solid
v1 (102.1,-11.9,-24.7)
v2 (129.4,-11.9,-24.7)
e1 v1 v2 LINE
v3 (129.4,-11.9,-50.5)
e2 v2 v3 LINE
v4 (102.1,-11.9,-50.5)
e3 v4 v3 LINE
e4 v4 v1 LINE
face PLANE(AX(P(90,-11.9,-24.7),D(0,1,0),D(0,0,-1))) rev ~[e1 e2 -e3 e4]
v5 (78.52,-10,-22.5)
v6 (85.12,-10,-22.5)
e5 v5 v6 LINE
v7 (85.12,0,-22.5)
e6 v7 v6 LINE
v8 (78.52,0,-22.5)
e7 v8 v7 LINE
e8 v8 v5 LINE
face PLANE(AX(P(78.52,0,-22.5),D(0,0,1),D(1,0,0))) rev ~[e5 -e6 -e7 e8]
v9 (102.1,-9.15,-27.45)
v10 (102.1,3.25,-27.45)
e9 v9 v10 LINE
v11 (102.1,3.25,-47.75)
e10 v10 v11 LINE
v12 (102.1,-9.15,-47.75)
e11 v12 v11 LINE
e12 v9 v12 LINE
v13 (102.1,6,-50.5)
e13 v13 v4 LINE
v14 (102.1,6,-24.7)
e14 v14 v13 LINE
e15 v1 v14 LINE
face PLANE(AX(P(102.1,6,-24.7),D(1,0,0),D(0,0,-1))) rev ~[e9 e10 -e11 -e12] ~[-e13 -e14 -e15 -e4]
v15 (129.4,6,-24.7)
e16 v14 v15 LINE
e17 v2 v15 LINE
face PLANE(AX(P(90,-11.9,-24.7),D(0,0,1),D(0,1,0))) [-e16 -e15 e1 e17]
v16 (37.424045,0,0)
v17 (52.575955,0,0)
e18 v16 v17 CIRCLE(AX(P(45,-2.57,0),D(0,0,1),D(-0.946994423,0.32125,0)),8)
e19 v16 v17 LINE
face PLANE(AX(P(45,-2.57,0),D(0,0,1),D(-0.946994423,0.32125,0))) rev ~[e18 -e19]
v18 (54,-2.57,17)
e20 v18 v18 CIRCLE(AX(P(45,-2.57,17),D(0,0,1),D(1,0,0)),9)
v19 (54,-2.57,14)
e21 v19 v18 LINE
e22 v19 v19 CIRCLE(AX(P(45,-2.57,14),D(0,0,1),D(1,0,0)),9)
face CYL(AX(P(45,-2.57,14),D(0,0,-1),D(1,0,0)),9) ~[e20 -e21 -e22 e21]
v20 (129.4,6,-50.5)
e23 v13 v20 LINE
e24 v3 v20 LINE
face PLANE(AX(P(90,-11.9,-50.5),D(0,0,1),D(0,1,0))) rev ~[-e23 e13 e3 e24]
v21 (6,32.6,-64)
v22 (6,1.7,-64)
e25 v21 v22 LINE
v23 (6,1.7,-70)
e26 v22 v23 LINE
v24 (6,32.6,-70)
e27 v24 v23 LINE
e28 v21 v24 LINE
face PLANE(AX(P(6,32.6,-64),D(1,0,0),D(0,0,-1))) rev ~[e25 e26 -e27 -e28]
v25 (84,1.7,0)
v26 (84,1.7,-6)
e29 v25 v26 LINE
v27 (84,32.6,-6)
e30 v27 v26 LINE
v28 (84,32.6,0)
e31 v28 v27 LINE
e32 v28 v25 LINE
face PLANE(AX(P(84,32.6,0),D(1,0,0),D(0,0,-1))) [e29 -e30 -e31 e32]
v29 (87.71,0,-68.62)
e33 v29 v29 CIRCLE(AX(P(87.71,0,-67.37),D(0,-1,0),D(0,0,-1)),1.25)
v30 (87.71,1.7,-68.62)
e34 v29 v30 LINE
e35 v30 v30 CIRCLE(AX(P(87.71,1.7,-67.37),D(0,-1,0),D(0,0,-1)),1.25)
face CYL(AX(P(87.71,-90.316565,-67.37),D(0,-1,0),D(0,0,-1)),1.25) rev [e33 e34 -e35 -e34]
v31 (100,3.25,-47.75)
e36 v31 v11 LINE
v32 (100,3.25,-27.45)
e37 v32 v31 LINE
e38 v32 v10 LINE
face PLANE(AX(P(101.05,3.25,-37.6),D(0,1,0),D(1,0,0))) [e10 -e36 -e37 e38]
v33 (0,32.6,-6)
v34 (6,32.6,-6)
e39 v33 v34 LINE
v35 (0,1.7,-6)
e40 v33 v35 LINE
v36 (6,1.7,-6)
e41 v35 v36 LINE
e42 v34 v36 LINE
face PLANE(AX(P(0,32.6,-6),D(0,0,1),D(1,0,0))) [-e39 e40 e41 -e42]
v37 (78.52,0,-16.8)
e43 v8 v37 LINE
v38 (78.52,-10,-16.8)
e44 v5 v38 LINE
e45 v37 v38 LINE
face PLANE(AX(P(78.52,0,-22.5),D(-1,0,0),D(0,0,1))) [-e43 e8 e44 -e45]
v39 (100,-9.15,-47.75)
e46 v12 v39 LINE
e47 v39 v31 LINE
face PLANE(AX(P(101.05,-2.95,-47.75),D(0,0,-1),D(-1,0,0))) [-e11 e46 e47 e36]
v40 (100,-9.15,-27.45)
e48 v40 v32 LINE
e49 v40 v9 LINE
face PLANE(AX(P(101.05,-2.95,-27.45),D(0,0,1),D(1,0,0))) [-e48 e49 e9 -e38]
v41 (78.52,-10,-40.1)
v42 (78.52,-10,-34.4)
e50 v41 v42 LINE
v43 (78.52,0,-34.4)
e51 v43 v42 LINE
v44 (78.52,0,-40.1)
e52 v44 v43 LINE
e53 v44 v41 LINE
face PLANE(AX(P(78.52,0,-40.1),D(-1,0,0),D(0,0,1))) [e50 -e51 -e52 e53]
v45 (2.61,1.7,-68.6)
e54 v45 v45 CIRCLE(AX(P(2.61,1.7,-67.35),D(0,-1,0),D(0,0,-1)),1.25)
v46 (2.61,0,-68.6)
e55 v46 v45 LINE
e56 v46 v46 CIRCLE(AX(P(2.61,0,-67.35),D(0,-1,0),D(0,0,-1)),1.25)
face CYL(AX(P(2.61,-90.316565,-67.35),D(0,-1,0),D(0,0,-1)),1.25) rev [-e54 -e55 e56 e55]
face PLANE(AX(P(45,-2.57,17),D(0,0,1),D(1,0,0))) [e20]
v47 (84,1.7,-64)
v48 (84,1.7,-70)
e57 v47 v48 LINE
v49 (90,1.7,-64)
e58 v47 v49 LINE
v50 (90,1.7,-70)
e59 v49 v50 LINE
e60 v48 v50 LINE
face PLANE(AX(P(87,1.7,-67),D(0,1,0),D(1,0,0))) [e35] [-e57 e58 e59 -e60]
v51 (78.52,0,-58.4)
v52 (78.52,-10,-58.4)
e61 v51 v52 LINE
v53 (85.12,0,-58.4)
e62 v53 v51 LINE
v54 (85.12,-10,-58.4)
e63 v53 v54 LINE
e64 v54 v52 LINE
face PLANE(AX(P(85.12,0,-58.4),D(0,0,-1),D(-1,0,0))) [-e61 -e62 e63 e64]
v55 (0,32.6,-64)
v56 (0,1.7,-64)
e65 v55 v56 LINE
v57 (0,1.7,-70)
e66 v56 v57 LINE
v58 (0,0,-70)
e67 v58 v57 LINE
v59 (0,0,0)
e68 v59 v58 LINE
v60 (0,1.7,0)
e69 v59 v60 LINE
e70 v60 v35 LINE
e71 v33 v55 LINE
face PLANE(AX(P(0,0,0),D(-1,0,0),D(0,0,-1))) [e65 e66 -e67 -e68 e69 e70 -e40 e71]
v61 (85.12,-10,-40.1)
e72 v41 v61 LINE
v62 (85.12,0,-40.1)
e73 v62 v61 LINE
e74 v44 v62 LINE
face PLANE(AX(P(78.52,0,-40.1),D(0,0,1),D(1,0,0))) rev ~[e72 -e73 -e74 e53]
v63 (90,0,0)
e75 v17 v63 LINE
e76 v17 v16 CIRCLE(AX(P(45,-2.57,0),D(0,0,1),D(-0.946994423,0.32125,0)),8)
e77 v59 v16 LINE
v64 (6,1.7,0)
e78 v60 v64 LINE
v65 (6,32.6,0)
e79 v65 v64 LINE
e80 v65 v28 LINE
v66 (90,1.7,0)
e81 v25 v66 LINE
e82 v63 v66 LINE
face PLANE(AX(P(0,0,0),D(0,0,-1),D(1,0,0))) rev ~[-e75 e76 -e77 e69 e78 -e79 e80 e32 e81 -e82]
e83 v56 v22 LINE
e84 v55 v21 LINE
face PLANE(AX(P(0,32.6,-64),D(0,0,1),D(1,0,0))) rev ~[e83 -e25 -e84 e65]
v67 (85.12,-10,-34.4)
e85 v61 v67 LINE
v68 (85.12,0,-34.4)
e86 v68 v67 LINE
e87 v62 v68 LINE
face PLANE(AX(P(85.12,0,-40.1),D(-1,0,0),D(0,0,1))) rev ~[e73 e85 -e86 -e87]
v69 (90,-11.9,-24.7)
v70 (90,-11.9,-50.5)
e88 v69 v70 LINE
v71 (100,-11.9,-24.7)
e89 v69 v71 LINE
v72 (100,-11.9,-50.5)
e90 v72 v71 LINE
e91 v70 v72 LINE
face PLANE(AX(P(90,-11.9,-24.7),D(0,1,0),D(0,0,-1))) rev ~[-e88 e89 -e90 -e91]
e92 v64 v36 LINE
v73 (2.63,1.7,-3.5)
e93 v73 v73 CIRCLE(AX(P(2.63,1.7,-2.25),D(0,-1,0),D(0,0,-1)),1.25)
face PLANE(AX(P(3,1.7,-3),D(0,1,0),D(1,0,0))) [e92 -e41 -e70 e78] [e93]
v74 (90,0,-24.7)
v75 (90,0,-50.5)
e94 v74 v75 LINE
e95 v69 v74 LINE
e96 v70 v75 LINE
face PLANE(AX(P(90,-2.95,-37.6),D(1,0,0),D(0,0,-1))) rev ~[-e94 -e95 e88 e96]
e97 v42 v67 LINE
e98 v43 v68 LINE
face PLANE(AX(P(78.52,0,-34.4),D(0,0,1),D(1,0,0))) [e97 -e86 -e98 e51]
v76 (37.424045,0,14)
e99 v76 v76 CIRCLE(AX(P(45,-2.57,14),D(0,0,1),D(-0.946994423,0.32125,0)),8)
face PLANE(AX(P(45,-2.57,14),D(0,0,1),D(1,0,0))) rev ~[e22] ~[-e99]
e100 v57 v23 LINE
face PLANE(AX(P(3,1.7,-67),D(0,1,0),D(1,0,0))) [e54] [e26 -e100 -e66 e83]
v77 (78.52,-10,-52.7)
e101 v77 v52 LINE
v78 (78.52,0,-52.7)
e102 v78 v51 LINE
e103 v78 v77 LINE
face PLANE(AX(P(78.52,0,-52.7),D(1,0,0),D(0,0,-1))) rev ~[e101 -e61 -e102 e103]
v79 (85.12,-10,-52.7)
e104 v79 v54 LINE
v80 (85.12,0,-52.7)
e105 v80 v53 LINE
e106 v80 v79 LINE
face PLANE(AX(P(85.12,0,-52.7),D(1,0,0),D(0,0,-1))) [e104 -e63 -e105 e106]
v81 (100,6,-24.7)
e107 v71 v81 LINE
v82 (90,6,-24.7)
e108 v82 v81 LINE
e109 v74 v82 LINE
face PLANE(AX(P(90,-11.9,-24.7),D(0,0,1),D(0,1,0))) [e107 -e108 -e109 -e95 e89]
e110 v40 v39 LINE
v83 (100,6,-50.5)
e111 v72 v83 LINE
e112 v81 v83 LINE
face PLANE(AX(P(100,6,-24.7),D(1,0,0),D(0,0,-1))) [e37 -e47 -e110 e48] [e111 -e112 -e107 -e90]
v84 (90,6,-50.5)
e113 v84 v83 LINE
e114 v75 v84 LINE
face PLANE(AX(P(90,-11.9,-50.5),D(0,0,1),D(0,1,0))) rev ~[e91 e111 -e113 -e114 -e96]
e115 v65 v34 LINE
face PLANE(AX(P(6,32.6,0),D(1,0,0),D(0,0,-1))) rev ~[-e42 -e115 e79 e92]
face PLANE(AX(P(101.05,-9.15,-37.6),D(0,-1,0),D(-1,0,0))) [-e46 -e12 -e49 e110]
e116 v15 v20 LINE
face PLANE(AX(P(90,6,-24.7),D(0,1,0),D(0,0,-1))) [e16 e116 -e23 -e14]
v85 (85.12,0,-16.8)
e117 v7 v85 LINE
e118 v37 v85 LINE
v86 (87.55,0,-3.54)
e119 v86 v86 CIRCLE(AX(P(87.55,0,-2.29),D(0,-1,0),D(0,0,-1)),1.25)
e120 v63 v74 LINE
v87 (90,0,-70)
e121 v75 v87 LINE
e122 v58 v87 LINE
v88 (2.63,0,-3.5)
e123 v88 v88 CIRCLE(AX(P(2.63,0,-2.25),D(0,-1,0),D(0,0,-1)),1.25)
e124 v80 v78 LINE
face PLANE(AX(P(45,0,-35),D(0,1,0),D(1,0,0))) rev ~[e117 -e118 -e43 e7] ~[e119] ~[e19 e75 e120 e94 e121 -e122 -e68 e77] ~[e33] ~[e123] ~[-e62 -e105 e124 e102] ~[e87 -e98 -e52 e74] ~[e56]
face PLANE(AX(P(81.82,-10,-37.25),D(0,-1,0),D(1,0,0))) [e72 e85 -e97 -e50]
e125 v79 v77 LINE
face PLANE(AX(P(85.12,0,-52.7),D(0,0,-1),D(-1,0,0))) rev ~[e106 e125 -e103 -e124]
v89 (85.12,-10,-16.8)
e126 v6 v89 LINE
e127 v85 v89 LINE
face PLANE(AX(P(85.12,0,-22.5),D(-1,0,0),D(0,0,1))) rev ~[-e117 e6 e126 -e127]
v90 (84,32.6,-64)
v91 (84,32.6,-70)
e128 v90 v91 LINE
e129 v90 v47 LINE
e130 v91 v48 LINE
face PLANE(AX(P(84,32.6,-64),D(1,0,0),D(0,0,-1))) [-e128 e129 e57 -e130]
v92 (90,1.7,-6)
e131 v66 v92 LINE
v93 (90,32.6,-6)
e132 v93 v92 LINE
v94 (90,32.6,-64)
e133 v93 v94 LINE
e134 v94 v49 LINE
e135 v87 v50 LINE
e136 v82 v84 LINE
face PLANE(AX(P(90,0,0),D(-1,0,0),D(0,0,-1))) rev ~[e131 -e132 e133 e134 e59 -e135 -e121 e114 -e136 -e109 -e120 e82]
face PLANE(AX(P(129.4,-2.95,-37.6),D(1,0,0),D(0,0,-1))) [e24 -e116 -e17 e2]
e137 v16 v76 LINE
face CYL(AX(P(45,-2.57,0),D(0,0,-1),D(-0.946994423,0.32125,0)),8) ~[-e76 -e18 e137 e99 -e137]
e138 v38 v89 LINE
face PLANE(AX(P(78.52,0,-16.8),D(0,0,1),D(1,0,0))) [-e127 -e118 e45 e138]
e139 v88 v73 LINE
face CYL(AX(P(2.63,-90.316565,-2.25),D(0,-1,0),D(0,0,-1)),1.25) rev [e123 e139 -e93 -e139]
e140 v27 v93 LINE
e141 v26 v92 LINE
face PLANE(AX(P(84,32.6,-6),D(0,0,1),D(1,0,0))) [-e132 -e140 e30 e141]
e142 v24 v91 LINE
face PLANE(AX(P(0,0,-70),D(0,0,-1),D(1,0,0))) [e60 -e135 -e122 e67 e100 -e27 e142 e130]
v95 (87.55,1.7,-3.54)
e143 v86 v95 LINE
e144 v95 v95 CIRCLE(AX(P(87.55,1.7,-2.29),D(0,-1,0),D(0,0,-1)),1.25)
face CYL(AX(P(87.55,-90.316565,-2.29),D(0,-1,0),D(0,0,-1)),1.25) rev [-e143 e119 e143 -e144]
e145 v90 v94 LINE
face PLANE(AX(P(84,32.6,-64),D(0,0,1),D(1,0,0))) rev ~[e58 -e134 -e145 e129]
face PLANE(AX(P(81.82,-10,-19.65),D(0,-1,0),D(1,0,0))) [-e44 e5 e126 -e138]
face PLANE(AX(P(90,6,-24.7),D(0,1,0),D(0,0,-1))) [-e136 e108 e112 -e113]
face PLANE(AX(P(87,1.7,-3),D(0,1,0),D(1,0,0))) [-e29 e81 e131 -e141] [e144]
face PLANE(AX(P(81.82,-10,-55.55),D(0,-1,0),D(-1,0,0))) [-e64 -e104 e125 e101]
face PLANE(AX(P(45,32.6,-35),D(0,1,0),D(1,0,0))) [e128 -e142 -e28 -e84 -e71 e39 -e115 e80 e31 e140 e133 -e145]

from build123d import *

# Parameters (mm, degrees)
SKETCH2_W               = 90
SKETCH2_H               = 70
BOSS_EXTRUDE1_DEPTH     = 32.6
SKETCH4_R               = 8
BOSS_EXTRUDE2_DEPTH     = 14
SKETCH6_W               = 6.6
SKETCH6_H               = 5.7
BOSS_EXTRUDE3_DEPTH     = 10
SKETCH10_W              = 6.6
SKETCH10_H              = 5.7
BOSS_EXTRUDE4_DEPTH     = 10
SKETCH7_W               = 6.6
SKETCH7_H               = 5.7
BOSS_EXTRUDE5_DEPTH     = 10
CUT_EXTRUDE1_DEPTH      = 122.916565322
CUT_EXTRUDE1_DEPTH_BACK = 122.916565322
SKETCH11_R              = 1.25
CUT_EXTRUDE2_DEPTH      = 122.916565322
CUT_EXTRUDE2_DEPTH_BACK = 122.916565322
SKETCH15_R              = 1.25
CUT_EXTRUDE3_DEPTH      = 122.916565322
CUT_EXTRUDE3_DEPTH_BACK = 122.916565322
SKETCH14_R              = 1.25
CUT_EXTRUDE4_DEPTH      = 122.916565322
CUT_EXTRUDE4_DEPTH_BACK = 122.916565322
SKETCH12_R              = 1.25
SKETCH16_W              = 6
SKETCH16_H              = 6
CUT_EXTRUDE5_DEPTH      = 30.9
SKETCH19_W              = 6
SKETCH19_H              = 6
CUT_EXTRUDE6_DEPTH      = 30.9
SKETCH18_W              = 6
SKETCH18_H              = 6
CUT_EXTRUDE7_DEPTH      = 30.9
SKETCH17_W              = 6
SKETCH17_H              = 6
CUT_EXTRUDE8_DEPTH      = 30.9
SKETCH20_W              = 25.8
SKETCH20_H              = 17.9
BOSS_EXTRUDE6_DEPTH     = 39.4
SKETCH22_W              = 2.1
SKETCH22_H              = 17.9
CUT_EXTRUDE9_DEPTH      = 2.75
SKETCH24_W              = 2.1
SKETCH24_H              = 25.8
CUT_EXTRUDE10_DEPTH     = 2.75
SKETCH25_W              = 2.1
SKETCH25_H              = 17.9
CUT_EXTRUDE11_DEPTH     = 2.75
SKETCH26_W              = 2.1
SKETCH26_H              = 25.8
CUT_EXTRUDE12_DEPTH     = 2.75
SKETCH27_R              = 9
BOSS_EXTRUDE7_DEPTH     = 3


with BuildPart() as part:
    # Sketch2 → Boss-Extrude1 (new body)
    with BuildSketch(Plane(origin=(0, 0, 0), x_dir=(1, 0, 0), z_dir=(0, 1, 0))):
        with Locations((45, 35)):
            Rectangle(SKETCH2_W, SKETCH2_H)
    extrude(amount=BOSS_EXTRUDE1_DEPTH)

    # Sketch4 → Boss-Extrude2 (add)
    with BuildSketch(Plane.XY):
        with Locations(Location((45, -2.57, 0), (0, 0, 161.261463564))):
            Circle(SKETCH4_R)
    extrude(amount=BOSS_EXTRUDE2_DEPTH)

    # Sketch6 → Boss-Extrude3 (add)
    with BuildSketch(Plane(origin=(0, 0, 0), x_dir=(-1, 0, 0), z_dir=(0, -1, 0))):
        with Locations((-81.82, 55.55)):
            Rectangle(SKETCH6_W, SKETCH6_H)
    extrude(amount=BOSS_EXTRUDE3_DEPTH)

    # Sketch10 → Boss-Extrude4 (add)
    with BuildSketch(Plane.XZ):
        with Locations((81.82, -37.25)):
            Rectangle(SKETCH10_W, SKETCH10_H)
    extrude(amount=BOSS_EXTRUDE4_DEPTH)

    # Sketch7 → Boss-Extrude5 (add)
    with BuildSketch(Plane.XZ):
        with Locations((81.82, -19.65)):
            Rectangle(SKETCH7_W, SKETCH7_H)
    extrude(amount=BOSS_EXTRUDE5_DEPTH)

    # Sketch11 → Cut-Extrude1 (cut, two sides: drawn at the far end of the back side and taken through both)
    with BuildSketch(Plane(origin=(0, 32.6, 0), x_dir=(1, 0, 0), z_dir=(0, 1, 0)).offset(-CUT_EXTRUDE1_DEPTH_BACK)):
        with Locations(Location((87.55, 2.29, 0), (0, 0, 90))):
            Circle(SKETCH11_R)
    extrude(amount=CUT_EXTRUDE1_DEPTH + CUT_EXTRUDE1_DEPTH_BACK, mode=Mode.SUBTRACT)

    # Sketch15 → Cut-Extrude2 (cut, two sides: drawn at the far end of the back side and taken through both)
    with BuildSketch(Plane(origin=(0, 32.6, 0), x_dir=(1, 0, 0), z_dir=(0, 1, 0)).offset(-CUT_EXTRUDE2_DEPTH_BACK)):
        with Locations(Location((2.61, 67.35, 0), (0, 0, 90))):
            Circle(SKETCH15_R)
    extrude(amount=CUT_EXTRUDE2_DEPTH + CUT_EXTRUDE2_DEPTH_BACK, mode=Mode.SUBTRACT)

    # Sketch14 → Cut-Extrude3 (cut, two sides: drawn at the far end of the back side and taken through both)
    with BuildSketch(Plane(origin=(0, 32.6, 0), x_dir=(1, 0, 0), z_dir=(0, 1, 0)).offset(-CUT_EXTRUDE3_DEPTH_BACK)):
        with Locations(Location((2.63, 2.25, 0), (0, 0, 90))):
            Circle(SKETCH14_R)
    extrude(amount=CUT_EXTRUDE3_DEPTH + CUT_EXTRUDE3_DEPTH_BACK, mode=Mode.SUBTRACT)

    # Sketch12 → Cut-Extrude4 (cut, two sides: drawn at the far end of the back side and taken through both)
    with BuildSketch(Plane(origin=(0, 32.6, 0), x_dir=(1, 0, 0), z_dir=(0, 1, 0)).offset(-CUT_EXTRUDE4_DEPTH_BACK)):
        with Locations(Location((87.71, 67.37, 0), (0, 0, 90))):
            Circle(SKETCH12_R)
    extrude(amount=CUT_EXTRUDE4_DEPTH + CUT_EXTRUDE4_DEPTH_BACK, mode=Mode.SUBTRACT)

    # Sketch16 → Cut-Extrude5 (cut)
    with BuildSketch(Plane(origin=(0, 32.6, 0), x_dir=(1, 0, 0), z_dir=(0, 1, 0))):
        with Locations((3, 67)):
            Rectangle(SKETCH16_W, SKETCH16_H)
    extrude(amount=-CUT_EXTRUDE5_DEPTH, mode=Mode.SUBTRACT)

    # Sketch19 → Cut-Extrude6 (cut)
    with BuildSketch(Plane(origin=(0, 32.6, 0), x_dir=(1, 0, 0), z_dir=(0, 1, 0))):
        with Locations((3, 3)):
            Rectangle(SKETCH19_W, SKETCH19_H)
    extrude(amount=-CUT_EXTRUDE6_DEPTH, mode=Mode.SUBTRACT)

    # Sketch18 → Cut-Extrude7 (cut)
    with BuildSketch(Plane(origin=(0, 32.6, 0), x_dir=(1, 0, 0), z_dir=(0, 1, 0))):
        with Locations((87, 3)):
            Rectangle(SKETCH18_W, SKETCH18_H)
    extrude(amount=-CUT_EXTRUDE7_DEPTH, mode=Mode.SUBTRACT)

    # Sketch17 → Cut-Extrude8 (cut)
    with BuildSketch(Plane(origin=(0, 32.6, 0), x_dir=(1, 0, 0), z_dir=(0, 1, 0))):
        with Locations((87, 67)):
            Rectangle(SKETCH17_W, SKETCH17_H)
    extrude(amount=-CUT_EXTRUDE8_DEPTH, mode=Mode.SUBTRACT)

    # Sketch20 → Boss-Extrude6 (add)
    with BuildSketch(Plane(origin=(90, 0, 0), x_dir=(0, 0, -1), z_dir=(1, 0, 0))):
        with Locations((37.6, -2.95)):
            Rectangle(SKETCH20_W, SKETCH20_H)
    extrude(amount=BOSS_EXTRUDE6_DEPTH)

    # Sketch22 → Cut-Extrude9 (cut)
    with BuildSketch(Plane(origin=(0, 0, -50.5), x_dir=(-1, 0, 0), z_dir=(0, 0, -1))):
        with Locations((-101.05, -2.95)):
            Rectangle(SKETCH22_W, SKETCH22_H)
    extrude(amount=-CUT_EXTRUDE9_DEPTH, mode=Mode.SUBTRACT)

    # Sketch24 → Cut-Extrude10 (cut)
    with BuildSketch(Plane(origin=(0, 6, 0), x_dir=(1, 0, 0), z_dir=(0, 1, 0))):
        with Locations((101.05, 37.6)):
            Rectangle(SKETCH24_W, SKETCH24_H)
    extrude(amount=-CUT_EXTRUDE10_DEPTH, mode=Mode.SUBTRACT)

    # Sketch25 → Cut-Extrude11 (cut)
    with BuildSketch(Plane.XY.offset(-24.7)):
        with Locations((101.05, -2.95)):
            Rectangle(SKETCH25_W, SKETCH25_H)
    extrude(amount=-CUT_EXTRUDE11_DEPTH, mode=Mode.SUBTRACT)

    # Sketch26 → Cut-Extrude12 (cut)
    with BuildSketch(Plane(origin=(0, -11.9, 0), x_dir=(-1, 0, 0), z_dir=(0, -1, 0))):
        with Locations((-101.05, 37.6)):
            Rectangle(SKETCH26_W, SKETCH26_H)
    extrude(amount=-CUT_EXTRUDE12_DEPTH, mode=Mode.SUBTRACT)

    # Sketch27 → Boss-Extrude7 (add)
    with BuildSketch(Plane.XY.offset(14)):
        with Locations((45, -2.57)):
            Circle(SKETCH27_R)
    extrude(amount=BOSS_EXTRUDE7_DEPTH)


solid = part.part
